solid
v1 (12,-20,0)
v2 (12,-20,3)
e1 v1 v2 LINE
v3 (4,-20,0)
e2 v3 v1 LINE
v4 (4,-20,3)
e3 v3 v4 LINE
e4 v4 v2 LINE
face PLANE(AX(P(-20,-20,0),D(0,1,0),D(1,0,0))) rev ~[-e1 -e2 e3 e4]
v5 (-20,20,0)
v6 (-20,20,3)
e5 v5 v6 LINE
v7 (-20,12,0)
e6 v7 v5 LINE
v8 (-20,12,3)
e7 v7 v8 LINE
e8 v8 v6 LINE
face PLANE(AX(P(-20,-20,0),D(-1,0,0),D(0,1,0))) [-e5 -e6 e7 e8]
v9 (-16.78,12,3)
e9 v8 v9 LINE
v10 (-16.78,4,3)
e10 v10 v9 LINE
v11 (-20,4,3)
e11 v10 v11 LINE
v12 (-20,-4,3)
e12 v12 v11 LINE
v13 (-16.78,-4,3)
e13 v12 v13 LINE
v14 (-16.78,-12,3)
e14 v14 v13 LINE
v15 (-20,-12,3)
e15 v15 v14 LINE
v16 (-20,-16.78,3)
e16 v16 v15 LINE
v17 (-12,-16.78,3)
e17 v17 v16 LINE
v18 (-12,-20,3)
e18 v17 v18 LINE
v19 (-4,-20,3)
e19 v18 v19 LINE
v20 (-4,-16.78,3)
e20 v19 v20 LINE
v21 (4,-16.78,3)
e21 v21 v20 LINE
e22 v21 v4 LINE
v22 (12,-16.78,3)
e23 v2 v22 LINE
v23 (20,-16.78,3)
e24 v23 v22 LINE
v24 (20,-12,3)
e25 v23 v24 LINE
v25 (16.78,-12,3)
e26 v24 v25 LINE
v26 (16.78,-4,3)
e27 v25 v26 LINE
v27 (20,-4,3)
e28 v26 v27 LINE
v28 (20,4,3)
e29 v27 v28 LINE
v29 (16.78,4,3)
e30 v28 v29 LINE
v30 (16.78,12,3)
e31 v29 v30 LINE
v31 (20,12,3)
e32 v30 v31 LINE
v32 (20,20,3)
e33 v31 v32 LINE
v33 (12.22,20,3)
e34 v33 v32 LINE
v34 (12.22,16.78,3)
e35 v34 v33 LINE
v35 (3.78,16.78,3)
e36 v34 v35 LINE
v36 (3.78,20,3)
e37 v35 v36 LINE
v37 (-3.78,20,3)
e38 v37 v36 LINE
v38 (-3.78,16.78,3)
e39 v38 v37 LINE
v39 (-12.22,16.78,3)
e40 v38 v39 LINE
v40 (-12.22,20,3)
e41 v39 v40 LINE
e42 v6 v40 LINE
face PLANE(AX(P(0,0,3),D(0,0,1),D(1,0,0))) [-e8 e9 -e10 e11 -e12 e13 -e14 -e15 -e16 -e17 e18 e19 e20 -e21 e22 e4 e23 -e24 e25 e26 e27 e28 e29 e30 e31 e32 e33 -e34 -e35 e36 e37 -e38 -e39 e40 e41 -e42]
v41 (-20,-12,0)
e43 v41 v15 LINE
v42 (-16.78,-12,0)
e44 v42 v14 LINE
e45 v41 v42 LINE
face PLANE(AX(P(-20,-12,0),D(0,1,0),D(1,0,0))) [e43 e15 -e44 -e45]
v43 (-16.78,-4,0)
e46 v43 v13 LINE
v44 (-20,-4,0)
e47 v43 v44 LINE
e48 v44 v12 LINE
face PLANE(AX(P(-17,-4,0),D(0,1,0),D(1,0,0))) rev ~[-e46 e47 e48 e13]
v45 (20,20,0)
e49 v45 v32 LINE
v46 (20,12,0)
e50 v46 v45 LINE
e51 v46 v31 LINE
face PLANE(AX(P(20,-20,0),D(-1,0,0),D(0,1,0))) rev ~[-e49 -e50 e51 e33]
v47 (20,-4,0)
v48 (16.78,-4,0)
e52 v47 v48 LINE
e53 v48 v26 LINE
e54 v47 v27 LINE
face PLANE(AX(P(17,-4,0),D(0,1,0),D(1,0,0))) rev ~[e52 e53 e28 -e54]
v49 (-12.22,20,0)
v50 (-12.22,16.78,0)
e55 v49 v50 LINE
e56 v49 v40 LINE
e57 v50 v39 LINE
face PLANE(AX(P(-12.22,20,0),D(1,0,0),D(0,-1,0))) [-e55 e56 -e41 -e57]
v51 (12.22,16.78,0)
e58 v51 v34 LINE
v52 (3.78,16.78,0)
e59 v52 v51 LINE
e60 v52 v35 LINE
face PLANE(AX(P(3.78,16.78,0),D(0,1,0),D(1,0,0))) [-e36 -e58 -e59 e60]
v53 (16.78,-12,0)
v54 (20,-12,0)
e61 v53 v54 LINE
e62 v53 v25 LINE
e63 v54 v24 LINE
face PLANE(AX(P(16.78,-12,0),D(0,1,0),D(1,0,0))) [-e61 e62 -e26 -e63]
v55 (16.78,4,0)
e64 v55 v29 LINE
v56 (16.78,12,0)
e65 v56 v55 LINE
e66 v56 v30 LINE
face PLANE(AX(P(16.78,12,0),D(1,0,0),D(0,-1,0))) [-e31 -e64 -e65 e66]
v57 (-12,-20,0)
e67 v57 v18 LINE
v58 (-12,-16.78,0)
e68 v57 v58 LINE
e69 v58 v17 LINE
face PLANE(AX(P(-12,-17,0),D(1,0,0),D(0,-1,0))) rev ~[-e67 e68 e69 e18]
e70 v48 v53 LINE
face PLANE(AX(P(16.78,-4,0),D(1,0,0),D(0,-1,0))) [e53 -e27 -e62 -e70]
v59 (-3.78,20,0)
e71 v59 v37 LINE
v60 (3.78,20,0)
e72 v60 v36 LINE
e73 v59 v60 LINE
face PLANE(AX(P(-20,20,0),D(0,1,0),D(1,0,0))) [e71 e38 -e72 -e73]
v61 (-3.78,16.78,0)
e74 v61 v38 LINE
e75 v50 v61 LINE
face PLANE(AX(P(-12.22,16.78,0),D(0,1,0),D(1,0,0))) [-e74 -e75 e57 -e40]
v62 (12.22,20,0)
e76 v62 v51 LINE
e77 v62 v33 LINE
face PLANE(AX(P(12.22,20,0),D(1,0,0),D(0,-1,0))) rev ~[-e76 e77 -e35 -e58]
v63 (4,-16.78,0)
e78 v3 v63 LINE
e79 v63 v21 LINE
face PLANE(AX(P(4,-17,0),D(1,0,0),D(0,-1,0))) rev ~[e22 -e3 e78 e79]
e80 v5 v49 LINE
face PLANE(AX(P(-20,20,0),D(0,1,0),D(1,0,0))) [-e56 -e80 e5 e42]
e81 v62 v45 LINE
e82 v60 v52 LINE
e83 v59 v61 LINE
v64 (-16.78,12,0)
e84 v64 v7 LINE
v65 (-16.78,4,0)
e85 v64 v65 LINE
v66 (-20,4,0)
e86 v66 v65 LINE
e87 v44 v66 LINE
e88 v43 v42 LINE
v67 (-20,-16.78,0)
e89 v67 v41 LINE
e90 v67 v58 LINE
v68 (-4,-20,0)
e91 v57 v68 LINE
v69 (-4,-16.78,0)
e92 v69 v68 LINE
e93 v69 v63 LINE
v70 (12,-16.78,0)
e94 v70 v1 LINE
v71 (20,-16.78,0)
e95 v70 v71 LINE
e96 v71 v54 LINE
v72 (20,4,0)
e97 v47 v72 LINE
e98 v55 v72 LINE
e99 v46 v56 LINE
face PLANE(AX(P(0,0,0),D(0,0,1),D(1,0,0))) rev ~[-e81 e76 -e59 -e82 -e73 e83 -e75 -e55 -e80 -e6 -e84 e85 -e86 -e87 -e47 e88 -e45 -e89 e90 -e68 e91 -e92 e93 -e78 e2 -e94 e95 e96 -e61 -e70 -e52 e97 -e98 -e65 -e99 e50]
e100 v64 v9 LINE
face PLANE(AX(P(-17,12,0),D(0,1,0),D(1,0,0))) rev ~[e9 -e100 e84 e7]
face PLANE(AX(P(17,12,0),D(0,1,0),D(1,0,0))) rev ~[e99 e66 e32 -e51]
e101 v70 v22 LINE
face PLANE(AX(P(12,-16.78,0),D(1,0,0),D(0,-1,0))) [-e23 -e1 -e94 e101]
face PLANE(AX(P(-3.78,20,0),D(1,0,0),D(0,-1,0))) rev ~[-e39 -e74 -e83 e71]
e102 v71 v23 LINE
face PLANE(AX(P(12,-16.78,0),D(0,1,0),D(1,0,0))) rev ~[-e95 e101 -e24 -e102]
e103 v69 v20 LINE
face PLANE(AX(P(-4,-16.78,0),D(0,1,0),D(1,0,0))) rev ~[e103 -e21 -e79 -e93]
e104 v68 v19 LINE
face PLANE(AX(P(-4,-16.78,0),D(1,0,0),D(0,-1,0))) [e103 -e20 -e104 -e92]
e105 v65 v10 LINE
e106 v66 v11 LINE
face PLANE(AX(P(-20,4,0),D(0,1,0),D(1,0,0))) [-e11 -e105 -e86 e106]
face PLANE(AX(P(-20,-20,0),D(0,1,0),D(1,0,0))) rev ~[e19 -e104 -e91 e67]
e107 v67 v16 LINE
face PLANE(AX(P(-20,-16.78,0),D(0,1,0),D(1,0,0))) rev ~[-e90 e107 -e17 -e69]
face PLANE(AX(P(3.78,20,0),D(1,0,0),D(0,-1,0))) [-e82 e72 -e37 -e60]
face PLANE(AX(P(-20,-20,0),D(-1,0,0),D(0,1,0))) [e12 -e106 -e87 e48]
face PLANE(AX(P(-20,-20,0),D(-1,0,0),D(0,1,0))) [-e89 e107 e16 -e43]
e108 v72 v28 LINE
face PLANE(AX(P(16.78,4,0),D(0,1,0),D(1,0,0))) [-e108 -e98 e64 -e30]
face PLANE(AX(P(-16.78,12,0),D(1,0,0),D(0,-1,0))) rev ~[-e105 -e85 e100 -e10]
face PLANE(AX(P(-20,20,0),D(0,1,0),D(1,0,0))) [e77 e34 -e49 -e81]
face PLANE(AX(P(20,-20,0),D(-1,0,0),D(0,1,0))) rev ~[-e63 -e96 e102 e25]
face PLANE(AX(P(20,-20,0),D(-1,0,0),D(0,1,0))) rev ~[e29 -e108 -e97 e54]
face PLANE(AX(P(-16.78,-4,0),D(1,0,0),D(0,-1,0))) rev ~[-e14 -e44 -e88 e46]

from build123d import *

# Parameters (mm, degrees)
F0_W     = 40
F0_H     = 40
F1_DEPTH = 3
F2_W     = 8
F2_H     = 3
F2_W_2   = 3
F2_H_2   = 8
F3_DEPTH = 3.001
F4_W     = 8.44
F4_H     = 3.22
F4_W_2   = 8
F4_H_2   = 0.22
F4_W_3   = 0.22
F4_H_3   = 8
F5_DEPTH = 3.001


with BuildPart() as f1:
    # F0 (on Top) → F1 (new body)
    with BuildSketch(Plane.XY):
        Rectangle(F0_W, F0_H)
    extrude(amount=F1_DEPTH)

    # F2 (on face) → F3 (cut, through all)
    with BuildSketch(Plane(origin=(0, 0, 0), x_dir=(1, 0, 0), z_dir=(0, 0, -1))):
        with Locations((-8, -18.5)):
            Rectangle(F2_W, F2_H)
        with Locations((8, -18.5)):
            Rectangle(F2_W, F2_H)
        with Locations((16, 18.5)):
            Rectangle(F2_W, F2_H)
        with Locations((0, 18.5)):
            Rectangle(F2_W, F2_H)
        with Locations((-18.5, -8)):
            Rectangle(F2_W_2, F2_H_2)
        with Locations((-18.5, 8)):
            Rectangle(F2_W_2, F2_H_2)
        with Locations((18.5, -8)):
            Rectangle(F2_W_2, F2_H_2)
        with Locations((18.5, 8)):
            Rectangle(F2_W_2, F2_H_2)
        with Locations((-16, 18.5)):
            Rectangle(F2_W, F2_H)
    extrude(amount=-F3_DEPTH, mode=Mode.SUBTRACT)

    # F4 (on face) → F5 (cut, through all)
    with BuildSketch(Plane(origin=(0, 0, 0), x_dir=(1, 0, 0), z_dir=(0, 0, -1))):
        with Locations((-8, -18.39)):
            Rectangle(F4_W, F4_H)
        with Locations((8, -18.39)):
            Rectangle(F4_W, F4_H)
        with Locations((-16, 16.89)):
            Rectangle(F4_W_2, F4_H_2)
        with Locations((0, 16.89)):
            Rectangle(F4_W_2, F4_H_2)
        with Locations((16, 16.89)):
            Rectangle(F4_W_2, F4_H_2)
        with Locations((-16.89, -8)):
            Rectangle(F4_W_3, F4_H_3)
        with Locations((-16.89, 8)):
            Rectangle(F4_W_3, F4_H_3)
        with Locations((16.89, -8)):
            Rectangle(F4_W_3, F4_H_3)
        with Locations((16.89, 8)):
            Rectangle(F4_W_3, F4_H_3)
    extrude(amount=-F5_DEPTH, mode=Mode.SUBTRACT)


solid = f1.part
